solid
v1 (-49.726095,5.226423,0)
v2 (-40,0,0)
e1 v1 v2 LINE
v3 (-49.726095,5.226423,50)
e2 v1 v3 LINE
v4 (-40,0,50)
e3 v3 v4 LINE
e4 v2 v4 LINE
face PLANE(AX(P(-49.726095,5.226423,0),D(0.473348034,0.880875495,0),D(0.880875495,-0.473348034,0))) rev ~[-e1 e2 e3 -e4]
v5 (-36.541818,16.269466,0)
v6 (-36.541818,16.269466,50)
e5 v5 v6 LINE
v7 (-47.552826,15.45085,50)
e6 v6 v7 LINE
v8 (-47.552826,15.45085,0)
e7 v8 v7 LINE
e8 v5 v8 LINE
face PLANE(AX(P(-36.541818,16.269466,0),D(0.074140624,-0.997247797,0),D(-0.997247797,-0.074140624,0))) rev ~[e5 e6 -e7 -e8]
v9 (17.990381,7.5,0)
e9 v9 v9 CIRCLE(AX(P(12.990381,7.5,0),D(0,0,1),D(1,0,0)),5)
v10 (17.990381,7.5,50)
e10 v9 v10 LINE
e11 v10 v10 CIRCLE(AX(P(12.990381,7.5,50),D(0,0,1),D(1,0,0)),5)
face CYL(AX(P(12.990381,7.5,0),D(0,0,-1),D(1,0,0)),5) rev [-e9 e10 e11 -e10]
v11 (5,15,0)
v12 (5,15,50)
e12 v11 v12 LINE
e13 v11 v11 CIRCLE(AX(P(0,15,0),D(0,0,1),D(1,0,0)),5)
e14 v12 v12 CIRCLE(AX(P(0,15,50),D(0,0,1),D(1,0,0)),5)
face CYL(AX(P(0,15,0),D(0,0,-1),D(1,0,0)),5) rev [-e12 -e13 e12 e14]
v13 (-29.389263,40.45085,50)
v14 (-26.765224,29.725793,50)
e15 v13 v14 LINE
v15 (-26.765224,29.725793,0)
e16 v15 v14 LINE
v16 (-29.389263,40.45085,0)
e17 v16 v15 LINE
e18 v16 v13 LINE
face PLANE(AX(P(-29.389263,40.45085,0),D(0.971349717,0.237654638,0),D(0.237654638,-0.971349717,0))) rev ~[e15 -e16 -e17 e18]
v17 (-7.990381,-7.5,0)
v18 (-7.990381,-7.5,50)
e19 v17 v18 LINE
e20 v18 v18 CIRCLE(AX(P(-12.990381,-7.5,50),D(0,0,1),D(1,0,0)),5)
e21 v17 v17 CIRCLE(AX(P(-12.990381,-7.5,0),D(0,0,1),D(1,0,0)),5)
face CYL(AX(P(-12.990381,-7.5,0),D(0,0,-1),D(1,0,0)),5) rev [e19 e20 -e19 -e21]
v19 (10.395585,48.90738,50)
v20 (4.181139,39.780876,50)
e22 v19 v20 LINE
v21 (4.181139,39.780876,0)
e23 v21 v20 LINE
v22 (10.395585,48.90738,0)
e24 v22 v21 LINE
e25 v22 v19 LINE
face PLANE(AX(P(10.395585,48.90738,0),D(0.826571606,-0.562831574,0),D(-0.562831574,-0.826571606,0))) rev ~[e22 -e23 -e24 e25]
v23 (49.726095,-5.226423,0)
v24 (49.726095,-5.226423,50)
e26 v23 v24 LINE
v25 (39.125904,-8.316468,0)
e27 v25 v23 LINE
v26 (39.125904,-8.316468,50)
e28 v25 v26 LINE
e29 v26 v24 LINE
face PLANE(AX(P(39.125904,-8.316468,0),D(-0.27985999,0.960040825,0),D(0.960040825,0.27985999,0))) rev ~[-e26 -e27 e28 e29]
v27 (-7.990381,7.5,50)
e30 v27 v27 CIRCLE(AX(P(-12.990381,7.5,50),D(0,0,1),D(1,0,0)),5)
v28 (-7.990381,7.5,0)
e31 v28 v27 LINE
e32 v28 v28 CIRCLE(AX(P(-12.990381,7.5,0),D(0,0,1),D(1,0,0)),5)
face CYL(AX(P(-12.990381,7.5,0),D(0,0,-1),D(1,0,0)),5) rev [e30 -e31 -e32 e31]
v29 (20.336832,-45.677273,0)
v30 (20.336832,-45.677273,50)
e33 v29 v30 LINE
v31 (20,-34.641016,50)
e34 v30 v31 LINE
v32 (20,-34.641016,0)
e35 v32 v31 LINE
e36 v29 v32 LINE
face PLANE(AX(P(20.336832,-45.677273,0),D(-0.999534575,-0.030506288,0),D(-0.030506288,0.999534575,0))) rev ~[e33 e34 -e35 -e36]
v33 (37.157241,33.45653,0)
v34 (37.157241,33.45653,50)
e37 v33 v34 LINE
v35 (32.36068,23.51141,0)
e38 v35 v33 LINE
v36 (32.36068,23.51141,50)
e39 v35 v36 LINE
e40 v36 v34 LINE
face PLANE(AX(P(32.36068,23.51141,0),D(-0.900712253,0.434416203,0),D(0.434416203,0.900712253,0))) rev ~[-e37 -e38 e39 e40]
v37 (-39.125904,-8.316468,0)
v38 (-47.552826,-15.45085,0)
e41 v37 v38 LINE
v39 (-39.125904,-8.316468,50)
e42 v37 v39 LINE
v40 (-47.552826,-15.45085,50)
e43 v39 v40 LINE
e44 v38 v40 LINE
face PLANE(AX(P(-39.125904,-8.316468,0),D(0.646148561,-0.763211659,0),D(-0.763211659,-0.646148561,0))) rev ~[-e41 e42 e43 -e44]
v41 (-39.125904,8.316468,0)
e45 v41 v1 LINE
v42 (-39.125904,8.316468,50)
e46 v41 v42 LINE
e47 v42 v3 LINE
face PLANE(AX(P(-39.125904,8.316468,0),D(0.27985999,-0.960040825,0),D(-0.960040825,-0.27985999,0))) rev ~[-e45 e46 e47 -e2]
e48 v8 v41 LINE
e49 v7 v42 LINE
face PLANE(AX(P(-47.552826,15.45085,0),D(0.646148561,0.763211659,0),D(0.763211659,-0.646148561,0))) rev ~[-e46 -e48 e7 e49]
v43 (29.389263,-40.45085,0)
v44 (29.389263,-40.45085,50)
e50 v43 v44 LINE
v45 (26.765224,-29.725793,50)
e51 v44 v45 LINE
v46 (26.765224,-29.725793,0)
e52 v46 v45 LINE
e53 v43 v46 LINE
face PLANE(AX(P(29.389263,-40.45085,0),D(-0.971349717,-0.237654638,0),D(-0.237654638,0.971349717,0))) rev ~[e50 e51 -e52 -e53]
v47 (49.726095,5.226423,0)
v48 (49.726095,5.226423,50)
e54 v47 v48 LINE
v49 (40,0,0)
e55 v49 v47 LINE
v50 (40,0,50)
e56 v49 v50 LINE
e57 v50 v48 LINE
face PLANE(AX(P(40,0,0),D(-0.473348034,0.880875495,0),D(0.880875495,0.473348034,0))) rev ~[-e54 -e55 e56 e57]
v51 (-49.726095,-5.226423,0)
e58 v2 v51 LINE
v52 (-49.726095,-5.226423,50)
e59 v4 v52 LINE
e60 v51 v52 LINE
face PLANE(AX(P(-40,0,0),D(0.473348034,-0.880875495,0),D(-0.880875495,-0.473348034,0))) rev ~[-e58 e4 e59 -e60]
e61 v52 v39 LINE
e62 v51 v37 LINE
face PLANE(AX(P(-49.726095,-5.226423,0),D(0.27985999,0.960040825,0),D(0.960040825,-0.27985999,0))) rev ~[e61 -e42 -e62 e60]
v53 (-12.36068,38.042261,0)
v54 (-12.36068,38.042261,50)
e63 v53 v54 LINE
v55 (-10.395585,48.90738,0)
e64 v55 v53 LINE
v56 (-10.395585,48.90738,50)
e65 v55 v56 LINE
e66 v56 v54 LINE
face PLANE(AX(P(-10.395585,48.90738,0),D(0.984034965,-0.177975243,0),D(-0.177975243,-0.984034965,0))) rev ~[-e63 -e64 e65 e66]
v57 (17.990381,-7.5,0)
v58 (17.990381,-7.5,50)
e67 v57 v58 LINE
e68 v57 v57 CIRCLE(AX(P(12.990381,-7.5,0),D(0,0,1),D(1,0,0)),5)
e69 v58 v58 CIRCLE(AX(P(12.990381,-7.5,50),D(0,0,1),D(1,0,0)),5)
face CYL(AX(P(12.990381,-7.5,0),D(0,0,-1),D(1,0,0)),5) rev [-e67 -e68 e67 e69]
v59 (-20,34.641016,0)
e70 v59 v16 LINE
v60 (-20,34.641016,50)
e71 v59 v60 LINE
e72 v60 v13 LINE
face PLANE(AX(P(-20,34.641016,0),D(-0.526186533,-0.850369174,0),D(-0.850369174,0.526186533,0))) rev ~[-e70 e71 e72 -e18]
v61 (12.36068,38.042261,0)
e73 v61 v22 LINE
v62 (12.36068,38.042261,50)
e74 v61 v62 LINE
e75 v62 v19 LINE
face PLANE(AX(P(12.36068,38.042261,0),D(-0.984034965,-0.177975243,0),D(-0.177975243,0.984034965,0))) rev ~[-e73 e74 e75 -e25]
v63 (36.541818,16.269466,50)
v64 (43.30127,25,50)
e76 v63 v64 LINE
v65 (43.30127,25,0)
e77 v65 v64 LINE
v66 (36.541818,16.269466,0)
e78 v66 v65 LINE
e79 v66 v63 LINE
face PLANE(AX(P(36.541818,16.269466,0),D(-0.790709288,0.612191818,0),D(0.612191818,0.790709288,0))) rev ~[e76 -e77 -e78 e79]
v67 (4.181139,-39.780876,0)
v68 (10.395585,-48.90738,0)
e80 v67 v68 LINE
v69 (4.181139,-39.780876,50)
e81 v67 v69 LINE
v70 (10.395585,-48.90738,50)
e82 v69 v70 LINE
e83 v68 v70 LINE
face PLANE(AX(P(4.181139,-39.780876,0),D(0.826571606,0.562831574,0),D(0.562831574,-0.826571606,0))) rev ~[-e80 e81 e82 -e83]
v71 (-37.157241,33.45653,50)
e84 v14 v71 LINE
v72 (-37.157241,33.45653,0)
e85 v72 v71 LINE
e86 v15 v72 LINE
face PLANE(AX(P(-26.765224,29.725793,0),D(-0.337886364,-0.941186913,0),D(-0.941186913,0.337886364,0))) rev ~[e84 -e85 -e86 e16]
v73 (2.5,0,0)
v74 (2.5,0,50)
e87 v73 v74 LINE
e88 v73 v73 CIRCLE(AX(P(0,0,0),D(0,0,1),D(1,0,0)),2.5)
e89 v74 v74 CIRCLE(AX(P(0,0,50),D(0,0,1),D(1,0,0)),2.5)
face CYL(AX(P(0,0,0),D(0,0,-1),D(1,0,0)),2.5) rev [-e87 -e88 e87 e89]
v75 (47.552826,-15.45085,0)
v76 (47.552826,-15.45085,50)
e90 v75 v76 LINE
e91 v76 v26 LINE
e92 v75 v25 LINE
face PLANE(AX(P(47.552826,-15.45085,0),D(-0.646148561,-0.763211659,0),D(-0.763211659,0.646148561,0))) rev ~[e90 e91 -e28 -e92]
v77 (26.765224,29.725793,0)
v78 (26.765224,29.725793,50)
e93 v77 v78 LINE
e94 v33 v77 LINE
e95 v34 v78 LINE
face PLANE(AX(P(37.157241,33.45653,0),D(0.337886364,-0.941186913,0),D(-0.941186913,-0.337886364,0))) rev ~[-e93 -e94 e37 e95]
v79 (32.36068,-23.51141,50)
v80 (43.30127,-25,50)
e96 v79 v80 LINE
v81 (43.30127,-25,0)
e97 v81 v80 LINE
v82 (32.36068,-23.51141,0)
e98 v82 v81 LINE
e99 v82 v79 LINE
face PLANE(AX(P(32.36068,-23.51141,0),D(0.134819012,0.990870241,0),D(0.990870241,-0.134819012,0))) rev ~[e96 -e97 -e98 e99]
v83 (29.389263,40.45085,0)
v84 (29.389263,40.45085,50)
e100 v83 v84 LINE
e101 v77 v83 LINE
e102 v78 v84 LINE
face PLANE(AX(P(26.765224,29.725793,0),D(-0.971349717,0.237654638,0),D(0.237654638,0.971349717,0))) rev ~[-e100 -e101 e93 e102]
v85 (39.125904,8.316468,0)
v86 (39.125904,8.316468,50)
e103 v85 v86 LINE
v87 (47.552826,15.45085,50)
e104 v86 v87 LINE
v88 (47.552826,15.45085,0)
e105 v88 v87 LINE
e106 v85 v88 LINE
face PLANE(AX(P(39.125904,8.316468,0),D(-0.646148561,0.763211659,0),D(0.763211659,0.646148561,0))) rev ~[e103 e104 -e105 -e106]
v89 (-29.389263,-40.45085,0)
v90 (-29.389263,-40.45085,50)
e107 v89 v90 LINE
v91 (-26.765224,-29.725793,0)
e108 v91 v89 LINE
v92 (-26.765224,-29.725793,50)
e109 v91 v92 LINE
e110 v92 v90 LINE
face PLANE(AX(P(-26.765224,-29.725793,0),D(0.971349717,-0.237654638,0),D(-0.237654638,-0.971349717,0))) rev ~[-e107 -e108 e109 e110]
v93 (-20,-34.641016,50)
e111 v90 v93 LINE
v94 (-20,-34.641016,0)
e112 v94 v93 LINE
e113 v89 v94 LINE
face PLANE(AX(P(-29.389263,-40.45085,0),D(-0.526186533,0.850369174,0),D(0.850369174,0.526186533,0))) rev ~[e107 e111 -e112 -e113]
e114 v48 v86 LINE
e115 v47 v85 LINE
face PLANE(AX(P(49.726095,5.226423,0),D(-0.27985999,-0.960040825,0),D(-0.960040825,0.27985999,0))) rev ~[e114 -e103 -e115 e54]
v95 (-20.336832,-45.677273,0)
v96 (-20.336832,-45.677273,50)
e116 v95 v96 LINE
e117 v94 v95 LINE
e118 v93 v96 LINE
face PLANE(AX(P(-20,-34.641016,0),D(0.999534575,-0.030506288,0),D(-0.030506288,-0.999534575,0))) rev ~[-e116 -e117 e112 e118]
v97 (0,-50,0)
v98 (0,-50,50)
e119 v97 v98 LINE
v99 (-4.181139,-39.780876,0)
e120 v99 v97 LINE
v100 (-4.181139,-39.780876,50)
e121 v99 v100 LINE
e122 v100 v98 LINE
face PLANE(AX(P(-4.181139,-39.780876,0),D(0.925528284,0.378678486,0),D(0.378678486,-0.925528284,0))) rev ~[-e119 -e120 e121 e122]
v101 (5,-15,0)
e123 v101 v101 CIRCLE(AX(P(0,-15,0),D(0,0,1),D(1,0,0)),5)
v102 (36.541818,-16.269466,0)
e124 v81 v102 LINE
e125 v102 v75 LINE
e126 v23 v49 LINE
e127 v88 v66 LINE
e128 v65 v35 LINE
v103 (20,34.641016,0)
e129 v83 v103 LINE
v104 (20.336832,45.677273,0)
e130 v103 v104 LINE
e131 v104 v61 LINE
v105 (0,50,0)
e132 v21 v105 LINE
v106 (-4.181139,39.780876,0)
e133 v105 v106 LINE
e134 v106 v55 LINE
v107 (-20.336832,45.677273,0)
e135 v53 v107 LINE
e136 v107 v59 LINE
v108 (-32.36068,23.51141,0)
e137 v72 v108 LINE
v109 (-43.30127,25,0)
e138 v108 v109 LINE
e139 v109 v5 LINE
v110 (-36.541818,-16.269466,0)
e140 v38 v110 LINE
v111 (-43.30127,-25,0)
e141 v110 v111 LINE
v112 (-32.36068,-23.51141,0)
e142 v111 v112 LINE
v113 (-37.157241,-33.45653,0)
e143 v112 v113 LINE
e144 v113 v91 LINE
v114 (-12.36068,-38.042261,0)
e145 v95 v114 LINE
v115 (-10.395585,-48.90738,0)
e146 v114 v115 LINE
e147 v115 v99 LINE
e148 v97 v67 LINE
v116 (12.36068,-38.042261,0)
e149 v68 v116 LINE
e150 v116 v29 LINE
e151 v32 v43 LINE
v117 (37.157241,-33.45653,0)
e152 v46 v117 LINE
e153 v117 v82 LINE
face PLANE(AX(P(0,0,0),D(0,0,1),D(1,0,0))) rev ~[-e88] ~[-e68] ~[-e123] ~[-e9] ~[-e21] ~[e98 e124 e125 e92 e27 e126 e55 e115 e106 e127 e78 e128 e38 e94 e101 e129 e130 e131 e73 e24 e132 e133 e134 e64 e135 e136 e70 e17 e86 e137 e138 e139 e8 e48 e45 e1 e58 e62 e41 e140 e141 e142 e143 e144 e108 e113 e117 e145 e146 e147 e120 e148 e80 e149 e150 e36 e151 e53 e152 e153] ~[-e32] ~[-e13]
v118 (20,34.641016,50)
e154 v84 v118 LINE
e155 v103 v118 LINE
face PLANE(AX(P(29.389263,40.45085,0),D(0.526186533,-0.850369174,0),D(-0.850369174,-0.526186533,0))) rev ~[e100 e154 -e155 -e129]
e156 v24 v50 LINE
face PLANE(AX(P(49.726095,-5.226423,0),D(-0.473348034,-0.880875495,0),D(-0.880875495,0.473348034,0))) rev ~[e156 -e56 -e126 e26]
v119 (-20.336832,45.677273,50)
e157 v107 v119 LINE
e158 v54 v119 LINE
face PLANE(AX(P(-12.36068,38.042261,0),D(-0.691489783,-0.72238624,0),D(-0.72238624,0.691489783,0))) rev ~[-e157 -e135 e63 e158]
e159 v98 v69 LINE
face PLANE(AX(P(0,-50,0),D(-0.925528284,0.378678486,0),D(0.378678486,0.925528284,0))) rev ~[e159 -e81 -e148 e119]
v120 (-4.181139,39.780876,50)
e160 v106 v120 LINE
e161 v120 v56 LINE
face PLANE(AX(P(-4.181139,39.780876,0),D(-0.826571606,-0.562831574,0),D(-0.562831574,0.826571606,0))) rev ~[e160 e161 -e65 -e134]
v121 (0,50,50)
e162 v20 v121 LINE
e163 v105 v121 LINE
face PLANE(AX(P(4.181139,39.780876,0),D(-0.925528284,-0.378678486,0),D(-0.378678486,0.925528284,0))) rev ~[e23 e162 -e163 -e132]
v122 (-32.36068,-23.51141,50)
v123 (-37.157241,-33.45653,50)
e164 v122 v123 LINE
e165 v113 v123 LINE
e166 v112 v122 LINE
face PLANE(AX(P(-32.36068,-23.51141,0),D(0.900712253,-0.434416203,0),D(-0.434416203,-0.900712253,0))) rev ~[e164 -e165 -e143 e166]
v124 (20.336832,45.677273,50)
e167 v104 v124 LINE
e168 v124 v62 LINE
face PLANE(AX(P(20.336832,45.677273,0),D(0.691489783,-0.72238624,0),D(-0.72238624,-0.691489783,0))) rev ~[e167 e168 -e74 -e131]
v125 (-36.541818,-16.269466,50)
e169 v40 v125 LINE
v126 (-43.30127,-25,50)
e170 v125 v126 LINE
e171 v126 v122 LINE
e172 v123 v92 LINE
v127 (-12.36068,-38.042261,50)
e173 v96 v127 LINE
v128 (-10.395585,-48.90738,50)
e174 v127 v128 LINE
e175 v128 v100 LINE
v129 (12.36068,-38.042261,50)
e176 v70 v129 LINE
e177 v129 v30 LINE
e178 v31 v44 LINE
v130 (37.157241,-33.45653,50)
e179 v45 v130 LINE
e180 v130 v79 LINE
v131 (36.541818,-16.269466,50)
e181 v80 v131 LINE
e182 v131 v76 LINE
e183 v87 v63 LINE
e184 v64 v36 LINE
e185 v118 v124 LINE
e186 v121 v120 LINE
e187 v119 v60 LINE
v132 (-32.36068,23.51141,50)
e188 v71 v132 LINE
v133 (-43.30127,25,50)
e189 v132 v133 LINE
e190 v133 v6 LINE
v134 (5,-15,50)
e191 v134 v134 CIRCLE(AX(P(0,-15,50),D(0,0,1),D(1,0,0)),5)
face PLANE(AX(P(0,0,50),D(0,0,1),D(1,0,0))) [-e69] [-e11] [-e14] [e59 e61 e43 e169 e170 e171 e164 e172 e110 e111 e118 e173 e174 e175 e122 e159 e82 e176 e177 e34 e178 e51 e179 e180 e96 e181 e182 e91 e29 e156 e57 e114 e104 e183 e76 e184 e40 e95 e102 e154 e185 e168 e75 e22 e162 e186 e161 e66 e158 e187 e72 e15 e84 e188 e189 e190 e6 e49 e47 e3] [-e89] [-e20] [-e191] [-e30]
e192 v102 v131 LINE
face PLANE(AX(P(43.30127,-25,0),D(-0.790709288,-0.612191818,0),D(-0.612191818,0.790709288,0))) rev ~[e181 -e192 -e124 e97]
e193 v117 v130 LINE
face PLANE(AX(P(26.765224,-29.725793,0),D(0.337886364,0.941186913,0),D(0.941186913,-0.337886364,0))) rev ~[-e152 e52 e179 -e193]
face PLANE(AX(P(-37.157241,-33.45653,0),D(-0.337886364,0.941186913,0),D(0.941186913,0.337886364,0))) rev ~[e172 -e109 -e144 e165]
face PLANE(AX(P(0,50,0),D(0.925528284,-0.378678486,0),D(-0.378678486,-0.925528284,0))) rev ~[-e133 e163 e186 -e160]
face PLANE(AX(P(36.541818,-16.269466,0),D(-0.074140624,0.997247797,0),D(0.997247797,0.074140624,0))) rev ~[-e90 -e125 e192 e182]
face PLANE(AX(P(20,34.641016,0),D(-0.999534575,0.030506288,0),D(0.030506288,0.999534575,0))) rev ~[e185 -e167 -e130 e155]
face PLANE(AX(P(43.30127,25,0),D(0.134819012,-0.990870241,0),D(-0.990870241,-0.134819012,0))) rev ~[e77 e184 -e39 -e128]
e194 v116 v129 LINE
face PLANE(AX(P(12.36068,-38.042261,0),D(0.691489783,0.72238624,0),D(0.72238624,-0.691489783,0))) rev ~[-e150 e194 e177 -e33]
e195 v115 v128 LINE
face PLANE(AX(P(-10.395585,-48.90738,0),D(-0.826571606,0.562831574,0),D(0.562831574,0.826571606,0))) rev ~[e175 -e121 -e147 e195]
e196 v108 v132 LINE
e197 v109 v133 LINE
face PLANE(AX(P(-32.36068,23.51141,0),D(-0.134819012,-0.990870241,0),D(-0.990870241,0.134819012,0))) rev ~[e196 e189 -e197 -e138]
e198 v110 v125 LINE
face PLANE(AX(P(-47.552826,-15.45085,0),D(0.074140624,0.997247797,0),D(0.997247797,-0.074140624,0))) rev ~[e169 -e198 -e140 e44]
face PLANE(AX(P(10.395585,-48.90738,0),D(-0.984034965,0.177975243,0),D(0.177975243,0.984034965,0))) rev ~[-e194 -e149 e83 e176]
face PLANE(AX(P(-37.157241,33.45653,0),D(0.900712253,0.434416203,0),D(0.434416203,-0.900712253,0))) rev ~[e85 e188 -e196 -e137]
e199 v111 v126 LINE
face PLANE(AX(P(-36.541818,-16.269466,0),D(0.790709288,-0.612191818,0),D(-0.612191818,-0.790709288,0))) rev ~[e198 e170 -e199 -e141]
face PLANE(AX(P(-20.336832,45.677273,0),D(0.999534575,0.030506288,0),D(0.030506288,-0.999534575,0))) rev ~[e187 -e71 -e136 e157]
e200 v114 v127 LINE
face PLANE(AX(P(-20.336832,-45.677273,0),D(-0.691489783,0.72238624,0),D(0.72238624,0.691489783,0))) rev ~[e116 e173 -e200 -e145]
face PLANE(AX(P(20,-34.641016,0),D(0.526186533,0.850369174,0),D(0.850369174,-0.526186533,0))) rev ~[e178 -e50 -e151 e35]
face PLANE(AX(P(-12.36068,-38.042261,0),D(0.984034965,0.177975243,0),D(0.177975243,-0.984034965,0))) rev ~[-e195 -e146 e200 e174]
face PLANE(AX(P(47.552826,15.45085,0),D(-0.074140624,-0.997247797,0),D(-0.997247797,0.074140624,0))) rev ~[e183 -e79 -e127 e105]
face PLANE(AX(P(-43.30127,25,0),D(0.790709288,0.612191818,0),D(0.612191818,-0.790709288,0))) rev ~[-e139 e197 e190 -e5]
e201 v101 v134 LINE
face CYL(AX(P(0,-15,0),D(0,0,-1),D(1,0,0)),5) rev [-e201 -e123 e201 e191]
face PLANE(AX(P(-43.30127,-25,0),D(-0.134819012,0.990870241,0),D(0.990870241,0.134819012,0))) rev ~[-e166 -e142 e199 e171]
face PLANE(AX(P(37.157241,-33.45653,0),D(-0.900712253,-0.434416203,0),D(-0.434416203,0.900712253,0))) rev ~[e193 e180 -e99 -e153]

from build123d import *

# Parameters (mm, degrees)
F0_R     = 5
F0_R_2   = 2.5
F1_DEPTH = 50


with BuildPart() as f1:
    # F0 (on Top) → F1 (new body)
    with BuildSketch(Plane.XY):
        Polygon((40, 0), (49.726095, 5.226423), (39.125904, 8.316468), (47.552826, 15.45085), (36.541818, 16.269466), (43.30127, 25), (32.36068, 23.51141), (37.157241, 33.45653), (26.765224, 29.725793), (29.389263, 40.45085), (20, 34.641016), (20.336832, 45.677273), (12.36068, 38.042261), (10.395585, 48.90738), (4.181139, 39.780876), (0, 50), (-4.181139, 39.780876), (-10.395585, 48.90738), (-12.36068, 38.042261), (-20.336832, 45.677273), (-20, 34.641016), (-29.389263, 40.45085), (-26.765224, 29.725793), (-37.157241, 33.45653), (-32.36068, 23.51141), (-43.30127, 25), (-36.541818, 16.269466), (-47.552826, 15.45085), (-39.125904, 8.316468), (-49.726095, 5.226423), (-40, 0), (-49.726095, -5.226423), (-39.125904, -8.316468), (-47.552826, -15.45085), (-36.541818, -16.269466), (-43.30127, -25), (-32.36068, -23.51141), (-37.157241, -33.45653), (-26.765224, -29.725793), (-29.389263, -40.45085), (-20, -34.641016), (-20.336832, -45.677273), (-12.36068, -38.042261), (-10.395585, -48.90738), (-4.181139, -39.780876), (0, -50), (4.181139, -39.780876), (10.395585, -48.90738), (12.36068, -38.042261), (20.336832, -45.677273), (20, -34.641016), (29.389263, -40.45085), (26.765224, -29.725793), (37.157241, -33.45653), (32.36068, -23.51141), (43.30127, -25), (36.541818, -16.269466), (47.552826, -15.45085), (39.125904, -8.316468), (49.726095, -5.226423), align=None)
        with Locations((-12.990381, -7.5)):
            Circle(F0_R, mode=Mode.SUBTRACT)
        with Locations((0, -15)):
            Circle(F0_R, mode=Mode.SUBTRACT)
        with Locations((12.990381, -7.5)):
            Circle(F0_R, mode=Mode.SUBTRACT)
        with Locations((-12.990381, 7.5)):
            Circle(F0_R, mode=Mode.SUBTRACT)
        Circle(F0_R_2, mode=Mode.SUBTRACT)
        with Locations((12.990381, 7.5)):
            Circle(F0_R, mode=Mode.SUBTRACT)
        with Locations((0, 15)):
            Circle(F0_R, mode=Mode.SUBTRACT)
    extrude(amount=F1_DEPTH)


solid = f1.part
